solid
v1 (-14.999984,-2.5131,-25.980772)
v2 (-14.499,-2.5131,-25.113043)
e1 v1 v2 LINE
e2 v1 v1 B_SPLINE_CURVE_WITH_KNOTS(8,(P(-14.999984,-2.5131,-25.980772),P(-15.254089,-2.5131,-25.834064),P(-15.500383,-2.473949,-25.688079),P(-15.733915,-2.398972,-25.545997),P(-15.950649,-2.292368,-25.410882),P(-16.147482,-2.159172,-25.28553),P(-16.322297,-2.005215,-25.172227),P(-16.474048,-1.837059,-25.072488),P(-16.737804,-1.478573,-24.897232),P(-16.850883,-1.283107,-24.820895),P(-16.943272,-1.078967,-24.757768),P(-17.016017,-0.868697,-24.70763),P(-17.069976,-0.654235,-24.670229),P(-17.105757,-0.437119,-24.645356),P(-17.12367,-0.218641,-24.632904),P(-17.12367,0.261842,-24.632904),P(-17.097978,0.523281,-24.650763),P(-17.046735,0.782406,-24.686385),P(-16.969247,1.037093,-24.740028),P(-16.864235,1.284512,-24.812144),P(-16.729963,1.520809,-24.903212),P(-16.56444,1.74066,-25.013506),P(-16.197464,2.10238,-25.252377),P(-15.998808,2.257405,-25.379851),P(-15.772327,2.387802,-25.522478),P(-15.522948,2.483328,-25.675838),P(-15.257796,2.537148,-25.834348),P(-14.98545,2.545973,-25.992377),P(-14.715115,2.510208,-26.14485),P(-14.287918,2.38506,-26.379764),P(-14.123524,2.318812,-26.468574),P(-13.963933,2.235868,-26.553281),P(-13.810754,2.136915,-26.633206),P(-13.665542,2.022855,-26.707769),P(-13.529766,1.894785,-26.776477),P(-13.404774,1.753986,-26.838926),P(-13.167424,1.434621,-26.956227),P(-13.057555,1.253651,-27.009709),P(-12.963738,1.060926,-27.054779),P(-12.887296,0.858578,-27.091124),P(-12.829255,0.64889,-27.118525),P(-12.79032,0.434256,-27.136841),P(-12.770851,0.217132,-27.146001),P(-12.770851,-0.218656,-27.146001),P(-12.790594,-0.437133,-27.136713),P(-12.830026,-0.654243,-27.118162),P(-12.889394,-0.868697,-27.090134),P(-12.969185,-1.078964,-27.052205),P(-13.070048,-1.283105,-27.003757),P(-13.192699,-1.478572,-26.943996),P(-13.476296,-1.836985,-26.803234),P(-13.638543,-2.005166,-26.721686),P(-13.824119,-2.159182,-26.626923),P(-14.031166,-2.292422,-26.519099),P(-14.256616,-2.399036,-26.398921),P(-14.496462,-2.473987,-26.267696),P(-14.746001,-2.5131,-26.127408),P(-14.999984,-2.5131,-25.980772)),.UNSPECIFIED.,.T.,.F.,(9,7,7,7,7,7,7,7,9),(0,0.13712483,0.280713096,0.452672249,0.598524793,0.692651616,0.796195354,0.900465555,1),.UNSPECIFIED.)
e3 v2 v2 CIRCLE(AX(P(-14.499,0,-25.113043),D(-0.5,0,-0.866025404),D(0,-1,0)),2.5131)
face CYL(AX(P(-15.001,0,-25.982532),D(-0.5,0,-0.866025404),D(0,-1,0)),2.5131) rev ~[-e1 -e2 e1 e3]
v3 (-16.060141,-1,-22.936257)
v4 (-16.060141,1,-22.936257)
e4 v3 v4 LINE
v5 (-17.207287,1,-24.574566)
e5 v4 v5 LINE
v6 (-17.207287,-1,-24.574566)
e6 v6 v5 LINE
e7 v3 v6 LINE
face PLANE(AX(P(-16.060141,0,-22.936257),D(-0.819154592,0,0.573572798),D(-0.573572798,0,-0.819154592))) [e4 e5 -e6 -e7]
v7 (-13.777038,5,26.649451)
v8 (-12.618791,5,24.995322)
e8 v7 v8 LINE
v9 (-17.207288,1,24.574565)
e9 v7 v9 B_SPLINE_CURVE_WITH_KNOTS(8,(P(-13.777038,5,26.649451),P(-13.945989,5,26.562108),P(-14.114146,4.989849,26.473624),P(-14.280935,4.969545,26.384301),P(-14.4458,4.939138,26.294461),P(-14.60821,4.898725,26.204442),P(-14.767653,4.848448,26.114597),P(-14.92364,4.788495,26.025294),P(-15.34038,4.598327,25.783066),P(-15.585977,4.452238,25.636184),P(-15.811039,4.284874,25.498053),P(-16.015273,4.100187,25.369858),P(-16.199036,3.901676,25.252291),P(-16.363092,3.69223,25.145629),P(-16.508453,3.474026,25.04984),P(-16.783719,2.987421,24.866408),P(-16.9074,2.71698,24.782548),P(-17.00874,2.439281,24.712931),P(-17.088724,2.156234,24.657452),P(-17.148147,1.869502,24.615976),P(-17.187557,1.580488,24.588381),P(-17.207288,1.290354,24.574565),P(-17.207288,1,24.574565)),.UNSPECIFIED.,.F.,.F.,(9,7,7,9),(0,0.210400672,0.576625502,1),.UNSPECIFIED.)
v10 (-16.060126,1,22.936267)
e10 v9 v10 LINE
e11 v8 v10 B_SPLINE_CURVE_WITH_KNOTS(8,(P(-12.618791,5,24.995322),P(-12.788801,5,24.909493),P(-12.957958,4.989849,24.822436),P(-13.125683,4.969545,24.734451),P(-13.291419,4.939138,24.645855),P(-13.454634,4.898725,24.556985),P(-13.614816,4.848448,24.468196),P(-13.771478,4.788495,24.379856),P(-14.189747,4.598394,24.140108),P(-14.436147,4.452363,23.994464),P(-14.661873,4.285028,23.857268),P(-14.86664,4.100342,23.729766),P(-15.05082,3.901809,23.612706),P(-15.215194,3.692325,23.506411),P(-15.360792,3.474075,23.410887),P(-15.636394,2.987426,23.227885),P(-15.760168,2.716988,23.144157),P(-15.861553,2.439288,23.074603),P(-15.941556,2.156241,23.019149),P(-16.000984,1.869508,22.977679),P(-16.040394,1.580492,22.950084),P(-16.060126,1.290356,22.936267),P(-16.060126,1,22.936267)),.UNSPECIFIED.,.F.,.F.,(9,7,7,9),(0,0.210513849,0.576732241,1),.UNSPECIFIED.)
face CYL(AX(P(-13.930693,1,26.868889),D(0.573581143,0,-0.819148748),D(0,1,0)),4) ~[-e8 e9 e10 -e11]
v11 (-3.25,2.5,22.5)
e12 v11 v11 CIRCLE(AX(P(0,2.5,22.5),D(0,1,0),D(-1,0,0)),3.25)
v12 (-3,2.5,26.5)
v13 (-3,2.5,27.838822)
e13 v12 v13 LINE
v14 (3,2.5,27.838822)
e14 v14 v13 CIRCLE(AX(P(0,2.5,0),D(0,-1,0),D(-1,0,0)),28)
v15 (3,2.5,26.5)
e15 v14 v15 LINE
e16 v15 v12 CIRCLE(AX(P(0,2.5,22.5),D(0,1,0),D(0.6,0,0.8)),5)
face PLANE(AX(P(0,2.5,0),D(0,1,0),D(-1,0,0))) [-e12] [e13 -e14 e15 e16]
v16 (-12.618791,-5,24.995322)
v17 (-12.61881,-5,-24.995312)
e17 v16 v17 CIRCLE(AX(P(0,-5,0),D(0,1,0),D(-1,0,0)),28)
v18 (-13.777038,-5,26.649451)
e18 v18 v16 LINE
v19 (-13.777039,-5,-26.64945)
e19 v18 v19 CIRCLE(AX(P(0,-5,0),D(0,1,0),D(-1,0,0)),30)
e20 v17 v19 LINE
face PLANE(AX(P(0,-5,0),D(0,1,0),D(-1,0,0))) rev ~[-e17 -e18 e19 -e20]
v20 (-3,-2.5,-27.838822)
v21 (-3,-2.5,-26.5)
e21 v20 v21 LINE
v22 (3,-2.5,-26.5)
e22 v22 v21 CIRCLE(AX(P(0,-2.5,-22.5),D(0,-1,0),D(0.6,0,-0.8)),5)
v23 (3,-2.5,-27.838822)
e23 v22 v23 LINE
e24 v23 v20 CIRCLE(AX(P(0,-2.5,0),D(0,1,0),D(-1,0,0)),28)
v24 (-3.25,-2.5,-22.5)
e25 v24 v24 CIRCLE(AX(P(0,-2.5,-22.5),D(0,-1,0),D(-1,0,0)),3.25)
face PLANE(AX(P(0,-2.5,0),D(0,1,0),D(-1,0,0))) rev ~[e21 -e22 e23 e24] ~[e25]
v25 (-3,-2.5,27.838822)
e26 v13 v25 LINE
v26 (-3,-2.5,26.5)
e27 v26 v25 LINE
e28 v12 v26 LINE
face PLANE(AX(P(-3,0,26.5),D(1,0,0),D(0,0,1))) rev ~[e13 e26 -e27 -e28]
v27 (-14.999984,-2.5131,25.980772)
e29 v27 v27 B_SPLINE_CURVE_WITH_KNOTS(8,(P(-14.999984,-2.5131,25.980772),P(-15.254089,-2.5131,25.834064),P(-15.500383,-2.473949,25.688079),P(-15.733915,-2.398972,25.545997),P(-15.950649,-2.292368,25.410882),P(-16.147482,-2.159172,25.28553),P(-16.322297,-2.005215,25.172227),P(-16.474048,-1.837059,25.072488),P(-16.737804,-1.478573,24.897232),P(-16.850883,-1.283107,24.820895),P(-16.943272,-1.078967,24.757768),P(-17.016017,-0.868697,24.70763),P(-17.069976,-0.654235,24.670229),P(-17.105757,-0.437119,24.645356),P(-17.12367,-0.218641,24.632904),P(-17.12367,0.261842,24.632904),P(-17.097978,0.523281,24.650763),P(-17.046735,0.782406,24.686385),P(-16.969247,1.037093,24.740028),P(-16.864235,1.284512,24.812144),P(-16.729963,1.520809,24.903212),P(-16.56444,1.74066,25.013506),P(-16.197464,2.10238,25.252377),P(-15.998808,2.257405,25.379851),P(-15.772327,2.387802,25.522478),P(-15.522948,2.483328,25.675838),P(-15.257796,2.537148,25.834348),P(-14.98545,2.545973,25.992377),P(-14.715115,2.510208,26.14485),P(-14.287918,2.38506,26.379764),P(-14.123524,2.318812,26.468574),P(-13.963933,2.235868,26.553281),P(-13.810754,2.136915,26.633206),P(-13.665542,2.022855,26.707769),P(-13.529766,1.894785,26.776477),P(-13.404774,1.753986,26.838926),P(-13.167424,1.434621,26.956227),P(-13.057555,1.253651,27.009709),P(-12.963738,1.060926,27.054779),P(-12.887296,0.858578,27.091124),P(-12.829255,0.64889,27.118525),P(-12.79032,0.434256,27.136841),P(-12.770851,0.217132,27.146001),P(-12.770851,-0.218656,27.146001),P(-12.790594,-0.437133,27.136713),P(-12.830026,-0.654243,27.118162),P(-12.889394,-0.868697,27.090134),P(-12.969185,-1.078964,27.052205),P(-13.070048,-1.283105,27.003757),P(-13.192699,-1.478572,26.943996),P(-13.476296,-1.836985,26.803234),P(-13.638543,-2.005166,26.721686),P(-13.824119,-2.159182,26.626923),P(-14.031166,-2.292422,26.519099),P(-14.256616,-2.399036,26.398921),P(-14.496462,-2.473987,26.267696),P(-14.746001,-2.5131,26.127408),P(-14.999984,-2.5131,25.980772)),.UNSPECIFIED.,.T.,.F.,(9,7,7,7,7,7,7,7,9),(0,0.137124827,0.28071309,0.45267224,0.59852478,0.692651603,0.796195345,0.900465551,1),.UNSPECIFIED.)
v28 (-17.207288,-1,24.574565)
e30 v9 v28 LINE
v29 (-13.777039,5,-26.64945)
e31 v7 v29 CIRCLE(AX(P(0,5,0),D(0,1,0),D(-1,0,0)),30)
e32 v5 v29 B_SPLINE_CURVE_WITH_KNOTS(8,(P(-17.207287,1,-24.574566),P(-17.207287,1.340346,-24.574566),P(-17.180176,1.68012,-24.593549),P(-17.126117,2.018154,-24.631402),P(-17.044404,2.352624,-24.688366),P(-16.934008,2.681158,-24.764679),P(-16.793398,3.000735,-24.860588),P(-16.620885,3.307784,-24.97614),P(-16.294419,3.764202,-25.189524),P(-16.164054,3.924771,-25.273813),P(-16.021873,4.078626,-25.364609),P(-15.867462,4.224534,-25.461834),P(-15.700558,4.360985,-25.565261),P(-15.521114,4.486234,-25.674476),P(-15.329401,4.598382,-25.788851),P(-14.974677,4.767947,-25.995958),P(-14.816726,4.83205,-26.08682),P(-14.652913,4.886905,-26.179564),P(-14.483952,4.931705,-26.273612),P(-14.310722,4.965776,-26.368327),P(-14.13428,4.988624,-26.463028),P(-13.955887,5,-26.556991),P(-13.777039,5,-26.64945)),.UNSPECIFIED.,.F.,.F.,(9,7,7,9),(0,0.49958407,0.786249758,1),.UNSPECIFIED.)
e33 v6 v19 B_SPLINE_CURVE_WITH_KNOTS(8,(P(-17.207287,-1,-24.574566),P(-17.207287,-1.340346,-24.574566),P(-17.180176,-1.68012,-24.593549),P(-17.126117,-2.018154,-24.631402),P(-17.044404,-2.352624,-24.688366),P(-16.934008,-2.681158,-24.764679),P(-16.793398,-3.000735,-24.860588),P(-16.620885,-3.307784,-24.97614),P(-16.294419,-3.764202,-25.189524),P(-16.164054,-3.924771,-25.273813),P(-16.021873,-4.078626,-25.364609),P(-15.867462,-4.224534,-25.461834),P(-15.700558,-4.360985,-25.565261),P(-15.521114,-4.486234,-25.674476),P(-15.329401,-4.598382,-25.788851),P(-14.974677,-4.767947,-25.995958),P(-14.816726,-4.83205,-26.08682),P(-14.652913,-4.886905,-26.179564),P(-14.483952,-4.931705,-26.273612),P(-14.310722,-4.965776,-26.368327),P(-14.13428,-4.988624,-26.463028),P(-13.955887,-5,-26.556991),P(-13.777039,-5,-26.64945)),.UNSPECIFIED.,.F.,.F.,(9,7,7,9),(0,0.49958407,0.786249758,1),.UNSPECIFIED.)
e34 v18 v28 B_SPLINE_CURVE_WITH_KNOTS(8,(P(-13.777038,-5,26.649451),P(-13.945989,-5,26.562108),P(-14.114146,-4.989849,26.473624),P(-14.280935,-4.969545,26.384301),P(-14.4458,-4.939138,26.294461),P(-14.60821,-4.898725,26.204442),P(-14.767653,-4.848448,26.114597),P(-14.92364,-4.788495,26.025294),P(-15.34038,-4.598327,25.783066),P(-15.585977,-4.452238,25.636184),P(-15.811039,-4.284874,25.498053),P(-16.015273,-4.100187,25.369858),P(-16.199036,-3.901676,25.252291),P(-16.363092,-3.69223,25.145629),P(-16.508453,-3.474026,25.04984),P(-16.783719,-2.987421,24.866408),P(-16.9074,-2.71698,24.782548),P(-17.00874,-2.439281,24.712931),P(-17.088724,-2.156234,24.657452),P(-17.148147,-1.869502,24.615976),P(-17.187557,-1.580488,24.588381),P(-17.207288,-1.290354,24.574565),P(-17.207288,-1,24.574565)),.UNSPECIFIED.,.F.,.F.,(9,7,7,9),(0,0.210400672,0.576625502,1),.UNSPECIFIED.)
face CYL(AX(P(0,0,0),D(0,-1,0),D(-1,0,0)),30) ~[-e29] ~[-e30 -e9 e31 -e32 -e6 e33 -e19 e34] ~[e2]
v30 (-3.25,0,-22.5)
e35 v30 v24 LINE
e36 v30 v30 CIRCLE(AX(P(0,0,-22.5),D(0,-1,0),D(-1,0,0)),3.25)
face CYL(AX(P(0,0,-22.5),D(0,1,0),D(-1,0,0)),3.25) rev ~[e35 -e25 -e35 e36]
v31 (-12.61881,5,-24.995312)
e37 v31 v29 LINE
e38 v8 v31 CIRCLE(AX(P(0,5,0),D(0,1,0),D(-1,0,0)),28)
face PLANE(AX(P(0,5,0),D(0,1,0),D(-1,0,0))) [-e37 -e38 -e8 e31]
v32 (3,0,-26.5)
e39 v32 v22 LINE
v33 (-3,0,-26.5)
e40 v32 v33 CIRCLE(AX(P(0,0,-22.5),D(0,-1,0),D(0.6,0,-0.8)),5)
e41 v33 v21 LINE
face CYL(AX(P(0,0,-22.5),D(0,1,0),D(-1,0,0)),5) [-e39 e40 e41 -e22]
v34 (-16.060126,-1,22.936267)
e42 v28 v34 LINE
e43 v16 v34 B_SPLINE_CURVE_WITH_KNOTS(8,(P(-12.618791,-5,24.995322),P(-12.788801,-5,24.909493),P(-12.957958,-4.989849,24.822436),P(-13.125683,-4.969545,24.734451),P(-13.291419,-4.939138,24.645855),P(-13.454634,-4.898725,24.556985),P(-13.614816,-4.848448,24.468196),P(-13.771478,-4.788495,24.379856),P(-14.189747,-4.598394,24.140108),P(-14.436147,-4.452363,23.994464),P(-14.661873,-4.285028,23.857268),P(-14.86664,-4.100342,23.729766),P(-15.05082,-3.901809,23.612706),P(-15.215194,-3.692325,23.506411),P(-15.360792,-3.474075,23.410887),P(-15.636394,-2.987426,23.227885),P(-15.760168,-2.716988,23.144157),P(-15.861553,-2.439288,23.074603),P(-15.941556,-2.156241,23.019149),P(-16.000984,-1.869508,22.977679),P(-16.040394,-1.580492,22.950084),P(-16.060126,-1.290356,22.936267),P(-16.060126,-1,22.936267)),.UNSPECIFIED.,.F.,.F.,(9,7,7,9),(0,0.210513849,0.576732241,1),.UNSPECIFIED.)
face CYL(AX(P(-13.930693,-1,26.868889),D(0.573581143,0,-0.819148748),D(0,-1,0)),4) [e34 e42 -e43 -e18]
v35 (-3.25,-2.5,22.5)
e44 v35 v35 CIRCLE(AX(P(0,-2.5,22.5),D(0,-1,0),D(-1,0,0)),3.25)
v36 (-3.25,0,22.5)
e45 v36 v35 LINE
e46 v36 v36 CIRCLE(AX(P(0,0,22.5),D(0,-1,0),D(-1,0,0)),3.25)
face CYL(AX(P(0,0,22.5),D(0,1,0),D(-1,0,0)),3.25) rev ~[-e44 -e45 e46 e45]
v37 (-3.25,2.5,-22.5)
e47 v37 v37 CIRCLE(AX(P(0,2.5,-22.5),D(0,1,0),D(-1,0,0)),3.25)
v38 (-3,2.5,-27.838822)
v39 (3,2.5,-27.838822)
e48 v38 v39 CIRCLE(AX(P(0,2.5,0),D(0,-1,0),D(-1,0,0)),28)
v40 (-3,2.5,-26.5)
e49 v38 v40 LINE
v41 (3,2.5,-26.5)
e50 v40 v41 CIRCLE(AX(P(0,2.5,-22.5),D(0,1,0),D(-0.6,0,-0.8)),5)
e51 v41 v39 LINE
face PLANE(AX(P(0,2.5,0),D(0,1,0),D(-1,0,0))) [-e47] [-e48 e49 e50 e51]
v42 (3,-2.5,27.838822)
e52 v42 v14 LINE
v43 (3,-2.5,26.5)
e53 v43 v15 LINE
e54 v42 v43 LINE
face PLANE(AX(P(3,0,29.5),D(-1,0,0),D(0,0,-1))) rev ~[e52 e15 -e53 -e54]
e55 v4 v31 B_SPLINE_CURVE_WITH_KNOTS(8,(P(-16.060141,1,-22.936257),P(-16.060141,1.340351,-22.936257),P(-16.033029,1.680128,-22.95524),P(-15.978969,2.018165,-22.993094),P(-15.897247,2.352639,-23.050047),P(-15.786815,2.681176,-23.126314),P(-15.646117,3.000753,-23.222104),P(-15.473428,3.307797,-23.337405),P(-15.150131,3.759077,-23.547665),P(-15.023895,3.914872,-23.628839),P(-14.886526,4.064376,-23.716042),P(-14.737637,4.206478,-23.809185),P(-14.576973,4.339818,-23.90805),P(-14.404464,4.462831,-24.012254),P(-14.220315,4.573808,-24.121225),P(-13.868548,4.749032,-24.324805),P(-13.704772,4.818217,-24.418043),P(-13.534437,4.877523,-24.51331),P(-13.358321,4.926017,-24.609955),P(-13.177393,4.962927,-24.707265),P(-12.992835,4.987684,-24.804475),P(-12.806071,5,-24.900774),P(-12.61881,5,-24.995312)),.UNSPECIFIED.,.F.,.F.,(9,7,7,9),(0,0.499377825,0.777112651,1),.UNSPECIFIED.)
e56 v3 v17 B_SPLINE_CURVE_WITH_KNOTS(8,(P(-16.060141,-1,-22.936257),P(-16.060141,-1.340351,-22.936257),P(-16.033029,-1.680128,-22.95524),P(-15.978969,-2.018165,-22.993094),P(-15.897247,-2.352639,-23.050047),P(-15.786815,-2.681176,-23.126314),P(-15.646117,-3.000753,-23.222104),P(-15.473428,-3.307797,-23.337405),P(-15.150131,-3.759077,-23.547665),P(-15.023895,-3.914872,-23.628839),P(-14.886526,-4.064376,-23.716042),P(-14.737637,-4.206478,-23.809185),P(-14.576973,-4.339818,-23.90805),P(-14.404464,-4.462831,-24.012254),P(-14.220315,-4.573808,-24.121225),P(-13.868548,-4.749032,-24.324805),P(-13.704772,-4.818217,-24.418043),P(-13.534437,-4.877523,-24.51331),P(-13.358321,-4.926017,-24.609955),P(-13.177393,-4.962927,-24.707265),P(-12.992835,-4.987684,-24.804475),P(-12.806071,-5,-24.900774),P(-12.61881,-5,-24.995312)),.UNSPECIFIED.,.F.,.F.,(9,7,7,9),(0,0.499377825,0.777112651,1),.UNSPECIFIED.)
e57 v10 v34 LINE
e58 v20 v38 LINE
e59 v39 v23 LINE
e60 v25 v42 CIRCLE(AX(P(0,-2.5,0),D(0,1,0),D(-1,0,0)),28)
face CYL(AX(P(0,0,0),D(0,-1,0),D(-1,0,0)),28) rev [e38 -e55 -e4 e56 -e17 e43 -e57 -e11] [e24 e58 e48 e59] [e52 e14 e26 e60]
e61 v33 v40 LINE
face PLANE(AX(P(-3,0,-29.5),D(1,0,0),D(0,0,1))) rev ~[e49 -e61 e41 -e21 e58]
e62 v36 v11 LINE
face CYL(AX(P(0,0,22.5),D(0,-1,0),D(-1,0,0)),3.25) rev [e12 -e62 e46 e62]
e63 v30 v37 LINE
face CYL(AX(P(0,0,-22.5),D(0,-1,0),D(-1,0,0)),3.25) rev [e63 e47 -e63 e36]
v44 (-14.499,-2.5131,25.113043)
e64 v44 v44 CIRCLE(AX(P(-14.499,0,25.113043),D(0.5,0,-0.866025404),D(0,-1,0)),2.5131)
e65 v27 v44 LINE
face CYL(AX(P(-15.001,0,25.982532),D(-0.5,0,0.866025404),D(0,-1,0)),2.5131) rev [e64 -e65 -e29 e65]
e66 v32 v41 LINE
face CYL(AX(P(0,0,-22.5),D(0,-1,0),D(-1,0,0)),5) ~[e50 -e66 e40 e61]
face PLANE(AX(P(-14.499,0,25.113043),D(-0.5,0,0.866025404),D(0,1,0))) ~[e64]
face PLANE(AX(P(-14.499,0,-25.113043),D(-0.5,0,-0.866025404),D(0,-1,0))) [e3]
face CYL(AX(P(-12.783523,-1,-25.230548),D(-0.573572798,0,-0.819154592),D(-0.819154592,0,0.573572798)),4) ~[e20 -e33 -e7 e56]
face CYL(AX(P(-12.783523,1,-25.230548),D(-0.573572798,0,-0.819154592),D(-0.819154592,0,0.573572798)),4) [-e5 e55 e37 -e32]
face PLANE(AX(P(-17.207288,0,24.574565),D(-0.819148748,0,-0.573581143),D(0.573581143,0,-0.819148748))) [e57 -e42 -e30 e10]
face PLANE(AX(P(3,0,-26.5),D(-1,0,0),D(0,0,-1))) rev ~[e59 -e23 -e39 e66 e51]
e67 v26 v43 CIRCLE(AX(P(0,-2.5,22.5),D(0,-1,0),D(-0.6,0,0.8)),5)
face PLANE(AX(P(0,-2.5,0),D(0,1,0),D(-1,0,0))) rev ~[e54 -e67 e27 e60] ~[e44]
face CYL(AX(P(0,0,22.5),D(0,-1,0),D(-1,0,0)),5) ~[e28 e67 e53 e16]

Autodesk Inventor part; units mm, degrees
ref_plane "YZ Plane" through (0, 0, 0) normal (1, 0, 0) x (0, 1, 0)
ref_plane "XZ Plane" through (0, 0, 0) normal (0, 1, 0) x (-1, 0, 0)
ref_plane "XY Plane" through (0, 0, 0) normal (0, 0, 1) x (1, 0, 0)
sketch "Skizze1" plane through (0, 0, 0) normal (0, 1, 0) x (-1, 0, 0)
  circle A0 centre (0, 0) radius 28
  circle A1 centre (0, 0) radius 30
  dimension "d0" = 56
  dimension "d1" = 60
extrude "Extrusion1" add sketch "Skizze1" along normal mid plane 10
sketch "Skizze2" plane through (0, 0, 0) normal (0, 1, 0) x (-1, 0, 0)
  circle A0 centre (0, 22.5) radius 3.25
  circle A1 centre (0, -22.5) radius 3.25
  line L0 (44.9262, 0) -> (-43.1306, 0) construction
  circle A2 centre (0, -22.5) radius 5
  circle A3 centre (0, 22.5) radius 5
  line L1 (0, 38.6377) -> (0, -60.2779) construction
  line L2 (3, 29.5) -> (-3, 29.5)
  line L3 (-3, 29.5) -> (-3, -29.5)
  line L4 (-3, -29.5) -> (3, -29.5)
  line L5 (3, -29.5) -> (3, 29.5)
  point P0 (0, 0)
  point P1 (-3, 26.5)
  point P2 (3, 26.5)
  point P3 (-3, -26.5)
  point P4 (3, -26.5)
  dimension "d4" = 45
  dimension "d5" = 6.5
  dimension "d6" = 6.5
  dimension "d7" = 10
  dimension "d8" = 10
  dimension "d9" = 6
  dimension "d21" = 59
extrude "Extrusion2" add sketch "Skizze2" along normal mid plane 5 contours A0 L5 A3 | A0 L3 A3 L5 | L5 A3 L3 A0 | A0 L3 A3 | A3 L3 L2 L5 | L5 A1 L3 A2 | A2 L5 A1 | L3 A1 A2 | L3 A1 L5 A2 | A2 L5 L4 L3
sketch "Skizze3" plane through (0, 0, 0) normal (0, 1, 0) x (-1, 0, 0)
  line L0 (-37.328, 53.3099) -> (47.5678, -67.9338) construction
  line L1 (48.5469, 69.3321) -> (-29.5635, -42.2211) construction
  line L2 (0, 56.0595) -> (0, -79.5026) construction
  circle A0 centre (0, 0) radius 30
  circle A1 centre (0, 0) radius 28
  line L3 (19.8236, 28.311) -> (13.732, 19.6114)
  line L4 (14.4871, -20.6897) -> (22.3283, -31.8882)
  point P0 (16.0601, -22.9363)
  point P1 (17.2073, -24.5746)
  point P2 (17.2073, 24.5746)
  point P3 (16.0601, 22.9363)
  dimension "d12" = 110
  dimension "d13" = 35
  dimension "d19" = 56
  dimension "d20" = 60
extrude "Extrusion3" cut sketch "Skizze3" along normal mid plane 10 contours A0 L4 A1 L3 picked at (29.0468, 2.3769)
sketch "Skizze4" plane through (0, 0, 0) normal (0, 1, 0) x (-1, 0, 0)
  line L0 (-8.0451, 13.9345) -> (38.1422, -66.0642) construction
  line L1 (17.2073, -24.5746) -> (16.0601, -22.9363) construction
  line L2 (0, 9.2259) -> (0, -51.7672) construction
  arc A0 (17.2073, 24.5746) -> (17.2073, -24.5746) centre (0, 0) ccw projected
  point P0 (16.6337, -23.7554)
  point P1 (15, -25.9808)
  point P2 (15, -25.9808)
  point P3 (19.2393, -22.9285)
  dimension "d16" = 30
ref_plane "Arbeitsebene3" through (-15.5, 0, -26.8468) normal (-0.4226, 0, -0.9063) x (0, -1, 0)
sketch "Skizze5" plane through (-15.5, 0, -26.8468) normal (-0.4226, 0, -0.9063) x (0, -1, 0)
  point P0 (0, -2.7018)
ref_plane "Arbeitsebene4" through (-15, 0, -25.9808) normal (-0.5, 0, -0.866) x (0, -1, 0)
sketch "Skizze6" plane through (-15, 0, -25.9808) normal (-0.5, 0, -0.866) x (0, -1, 0)
  circle A0 centre (0, 0) radius 2.5131
  point P0 (0, 0)
extrude "Extrusion5" cut sketch "Skizze6" against normal blind 1
mirror "Spiegeln2" about plane through (0, 0, 0) normal (0, 0, 1) of "Extrusion5"
fillet "Rundung1" radius 4 4 edges at (-16.6337, -5, -23.7554) (-16.6337, 5, -23.7554) (-16.6337, 5, 23.7554) (-16.6337, -5, 23.7554)
ref_plane "Arbeitsebene5" through (0, 0, 0) normal (0, 0, 1) x (1, 0, 0)
properties part number "_3D-Druck"
